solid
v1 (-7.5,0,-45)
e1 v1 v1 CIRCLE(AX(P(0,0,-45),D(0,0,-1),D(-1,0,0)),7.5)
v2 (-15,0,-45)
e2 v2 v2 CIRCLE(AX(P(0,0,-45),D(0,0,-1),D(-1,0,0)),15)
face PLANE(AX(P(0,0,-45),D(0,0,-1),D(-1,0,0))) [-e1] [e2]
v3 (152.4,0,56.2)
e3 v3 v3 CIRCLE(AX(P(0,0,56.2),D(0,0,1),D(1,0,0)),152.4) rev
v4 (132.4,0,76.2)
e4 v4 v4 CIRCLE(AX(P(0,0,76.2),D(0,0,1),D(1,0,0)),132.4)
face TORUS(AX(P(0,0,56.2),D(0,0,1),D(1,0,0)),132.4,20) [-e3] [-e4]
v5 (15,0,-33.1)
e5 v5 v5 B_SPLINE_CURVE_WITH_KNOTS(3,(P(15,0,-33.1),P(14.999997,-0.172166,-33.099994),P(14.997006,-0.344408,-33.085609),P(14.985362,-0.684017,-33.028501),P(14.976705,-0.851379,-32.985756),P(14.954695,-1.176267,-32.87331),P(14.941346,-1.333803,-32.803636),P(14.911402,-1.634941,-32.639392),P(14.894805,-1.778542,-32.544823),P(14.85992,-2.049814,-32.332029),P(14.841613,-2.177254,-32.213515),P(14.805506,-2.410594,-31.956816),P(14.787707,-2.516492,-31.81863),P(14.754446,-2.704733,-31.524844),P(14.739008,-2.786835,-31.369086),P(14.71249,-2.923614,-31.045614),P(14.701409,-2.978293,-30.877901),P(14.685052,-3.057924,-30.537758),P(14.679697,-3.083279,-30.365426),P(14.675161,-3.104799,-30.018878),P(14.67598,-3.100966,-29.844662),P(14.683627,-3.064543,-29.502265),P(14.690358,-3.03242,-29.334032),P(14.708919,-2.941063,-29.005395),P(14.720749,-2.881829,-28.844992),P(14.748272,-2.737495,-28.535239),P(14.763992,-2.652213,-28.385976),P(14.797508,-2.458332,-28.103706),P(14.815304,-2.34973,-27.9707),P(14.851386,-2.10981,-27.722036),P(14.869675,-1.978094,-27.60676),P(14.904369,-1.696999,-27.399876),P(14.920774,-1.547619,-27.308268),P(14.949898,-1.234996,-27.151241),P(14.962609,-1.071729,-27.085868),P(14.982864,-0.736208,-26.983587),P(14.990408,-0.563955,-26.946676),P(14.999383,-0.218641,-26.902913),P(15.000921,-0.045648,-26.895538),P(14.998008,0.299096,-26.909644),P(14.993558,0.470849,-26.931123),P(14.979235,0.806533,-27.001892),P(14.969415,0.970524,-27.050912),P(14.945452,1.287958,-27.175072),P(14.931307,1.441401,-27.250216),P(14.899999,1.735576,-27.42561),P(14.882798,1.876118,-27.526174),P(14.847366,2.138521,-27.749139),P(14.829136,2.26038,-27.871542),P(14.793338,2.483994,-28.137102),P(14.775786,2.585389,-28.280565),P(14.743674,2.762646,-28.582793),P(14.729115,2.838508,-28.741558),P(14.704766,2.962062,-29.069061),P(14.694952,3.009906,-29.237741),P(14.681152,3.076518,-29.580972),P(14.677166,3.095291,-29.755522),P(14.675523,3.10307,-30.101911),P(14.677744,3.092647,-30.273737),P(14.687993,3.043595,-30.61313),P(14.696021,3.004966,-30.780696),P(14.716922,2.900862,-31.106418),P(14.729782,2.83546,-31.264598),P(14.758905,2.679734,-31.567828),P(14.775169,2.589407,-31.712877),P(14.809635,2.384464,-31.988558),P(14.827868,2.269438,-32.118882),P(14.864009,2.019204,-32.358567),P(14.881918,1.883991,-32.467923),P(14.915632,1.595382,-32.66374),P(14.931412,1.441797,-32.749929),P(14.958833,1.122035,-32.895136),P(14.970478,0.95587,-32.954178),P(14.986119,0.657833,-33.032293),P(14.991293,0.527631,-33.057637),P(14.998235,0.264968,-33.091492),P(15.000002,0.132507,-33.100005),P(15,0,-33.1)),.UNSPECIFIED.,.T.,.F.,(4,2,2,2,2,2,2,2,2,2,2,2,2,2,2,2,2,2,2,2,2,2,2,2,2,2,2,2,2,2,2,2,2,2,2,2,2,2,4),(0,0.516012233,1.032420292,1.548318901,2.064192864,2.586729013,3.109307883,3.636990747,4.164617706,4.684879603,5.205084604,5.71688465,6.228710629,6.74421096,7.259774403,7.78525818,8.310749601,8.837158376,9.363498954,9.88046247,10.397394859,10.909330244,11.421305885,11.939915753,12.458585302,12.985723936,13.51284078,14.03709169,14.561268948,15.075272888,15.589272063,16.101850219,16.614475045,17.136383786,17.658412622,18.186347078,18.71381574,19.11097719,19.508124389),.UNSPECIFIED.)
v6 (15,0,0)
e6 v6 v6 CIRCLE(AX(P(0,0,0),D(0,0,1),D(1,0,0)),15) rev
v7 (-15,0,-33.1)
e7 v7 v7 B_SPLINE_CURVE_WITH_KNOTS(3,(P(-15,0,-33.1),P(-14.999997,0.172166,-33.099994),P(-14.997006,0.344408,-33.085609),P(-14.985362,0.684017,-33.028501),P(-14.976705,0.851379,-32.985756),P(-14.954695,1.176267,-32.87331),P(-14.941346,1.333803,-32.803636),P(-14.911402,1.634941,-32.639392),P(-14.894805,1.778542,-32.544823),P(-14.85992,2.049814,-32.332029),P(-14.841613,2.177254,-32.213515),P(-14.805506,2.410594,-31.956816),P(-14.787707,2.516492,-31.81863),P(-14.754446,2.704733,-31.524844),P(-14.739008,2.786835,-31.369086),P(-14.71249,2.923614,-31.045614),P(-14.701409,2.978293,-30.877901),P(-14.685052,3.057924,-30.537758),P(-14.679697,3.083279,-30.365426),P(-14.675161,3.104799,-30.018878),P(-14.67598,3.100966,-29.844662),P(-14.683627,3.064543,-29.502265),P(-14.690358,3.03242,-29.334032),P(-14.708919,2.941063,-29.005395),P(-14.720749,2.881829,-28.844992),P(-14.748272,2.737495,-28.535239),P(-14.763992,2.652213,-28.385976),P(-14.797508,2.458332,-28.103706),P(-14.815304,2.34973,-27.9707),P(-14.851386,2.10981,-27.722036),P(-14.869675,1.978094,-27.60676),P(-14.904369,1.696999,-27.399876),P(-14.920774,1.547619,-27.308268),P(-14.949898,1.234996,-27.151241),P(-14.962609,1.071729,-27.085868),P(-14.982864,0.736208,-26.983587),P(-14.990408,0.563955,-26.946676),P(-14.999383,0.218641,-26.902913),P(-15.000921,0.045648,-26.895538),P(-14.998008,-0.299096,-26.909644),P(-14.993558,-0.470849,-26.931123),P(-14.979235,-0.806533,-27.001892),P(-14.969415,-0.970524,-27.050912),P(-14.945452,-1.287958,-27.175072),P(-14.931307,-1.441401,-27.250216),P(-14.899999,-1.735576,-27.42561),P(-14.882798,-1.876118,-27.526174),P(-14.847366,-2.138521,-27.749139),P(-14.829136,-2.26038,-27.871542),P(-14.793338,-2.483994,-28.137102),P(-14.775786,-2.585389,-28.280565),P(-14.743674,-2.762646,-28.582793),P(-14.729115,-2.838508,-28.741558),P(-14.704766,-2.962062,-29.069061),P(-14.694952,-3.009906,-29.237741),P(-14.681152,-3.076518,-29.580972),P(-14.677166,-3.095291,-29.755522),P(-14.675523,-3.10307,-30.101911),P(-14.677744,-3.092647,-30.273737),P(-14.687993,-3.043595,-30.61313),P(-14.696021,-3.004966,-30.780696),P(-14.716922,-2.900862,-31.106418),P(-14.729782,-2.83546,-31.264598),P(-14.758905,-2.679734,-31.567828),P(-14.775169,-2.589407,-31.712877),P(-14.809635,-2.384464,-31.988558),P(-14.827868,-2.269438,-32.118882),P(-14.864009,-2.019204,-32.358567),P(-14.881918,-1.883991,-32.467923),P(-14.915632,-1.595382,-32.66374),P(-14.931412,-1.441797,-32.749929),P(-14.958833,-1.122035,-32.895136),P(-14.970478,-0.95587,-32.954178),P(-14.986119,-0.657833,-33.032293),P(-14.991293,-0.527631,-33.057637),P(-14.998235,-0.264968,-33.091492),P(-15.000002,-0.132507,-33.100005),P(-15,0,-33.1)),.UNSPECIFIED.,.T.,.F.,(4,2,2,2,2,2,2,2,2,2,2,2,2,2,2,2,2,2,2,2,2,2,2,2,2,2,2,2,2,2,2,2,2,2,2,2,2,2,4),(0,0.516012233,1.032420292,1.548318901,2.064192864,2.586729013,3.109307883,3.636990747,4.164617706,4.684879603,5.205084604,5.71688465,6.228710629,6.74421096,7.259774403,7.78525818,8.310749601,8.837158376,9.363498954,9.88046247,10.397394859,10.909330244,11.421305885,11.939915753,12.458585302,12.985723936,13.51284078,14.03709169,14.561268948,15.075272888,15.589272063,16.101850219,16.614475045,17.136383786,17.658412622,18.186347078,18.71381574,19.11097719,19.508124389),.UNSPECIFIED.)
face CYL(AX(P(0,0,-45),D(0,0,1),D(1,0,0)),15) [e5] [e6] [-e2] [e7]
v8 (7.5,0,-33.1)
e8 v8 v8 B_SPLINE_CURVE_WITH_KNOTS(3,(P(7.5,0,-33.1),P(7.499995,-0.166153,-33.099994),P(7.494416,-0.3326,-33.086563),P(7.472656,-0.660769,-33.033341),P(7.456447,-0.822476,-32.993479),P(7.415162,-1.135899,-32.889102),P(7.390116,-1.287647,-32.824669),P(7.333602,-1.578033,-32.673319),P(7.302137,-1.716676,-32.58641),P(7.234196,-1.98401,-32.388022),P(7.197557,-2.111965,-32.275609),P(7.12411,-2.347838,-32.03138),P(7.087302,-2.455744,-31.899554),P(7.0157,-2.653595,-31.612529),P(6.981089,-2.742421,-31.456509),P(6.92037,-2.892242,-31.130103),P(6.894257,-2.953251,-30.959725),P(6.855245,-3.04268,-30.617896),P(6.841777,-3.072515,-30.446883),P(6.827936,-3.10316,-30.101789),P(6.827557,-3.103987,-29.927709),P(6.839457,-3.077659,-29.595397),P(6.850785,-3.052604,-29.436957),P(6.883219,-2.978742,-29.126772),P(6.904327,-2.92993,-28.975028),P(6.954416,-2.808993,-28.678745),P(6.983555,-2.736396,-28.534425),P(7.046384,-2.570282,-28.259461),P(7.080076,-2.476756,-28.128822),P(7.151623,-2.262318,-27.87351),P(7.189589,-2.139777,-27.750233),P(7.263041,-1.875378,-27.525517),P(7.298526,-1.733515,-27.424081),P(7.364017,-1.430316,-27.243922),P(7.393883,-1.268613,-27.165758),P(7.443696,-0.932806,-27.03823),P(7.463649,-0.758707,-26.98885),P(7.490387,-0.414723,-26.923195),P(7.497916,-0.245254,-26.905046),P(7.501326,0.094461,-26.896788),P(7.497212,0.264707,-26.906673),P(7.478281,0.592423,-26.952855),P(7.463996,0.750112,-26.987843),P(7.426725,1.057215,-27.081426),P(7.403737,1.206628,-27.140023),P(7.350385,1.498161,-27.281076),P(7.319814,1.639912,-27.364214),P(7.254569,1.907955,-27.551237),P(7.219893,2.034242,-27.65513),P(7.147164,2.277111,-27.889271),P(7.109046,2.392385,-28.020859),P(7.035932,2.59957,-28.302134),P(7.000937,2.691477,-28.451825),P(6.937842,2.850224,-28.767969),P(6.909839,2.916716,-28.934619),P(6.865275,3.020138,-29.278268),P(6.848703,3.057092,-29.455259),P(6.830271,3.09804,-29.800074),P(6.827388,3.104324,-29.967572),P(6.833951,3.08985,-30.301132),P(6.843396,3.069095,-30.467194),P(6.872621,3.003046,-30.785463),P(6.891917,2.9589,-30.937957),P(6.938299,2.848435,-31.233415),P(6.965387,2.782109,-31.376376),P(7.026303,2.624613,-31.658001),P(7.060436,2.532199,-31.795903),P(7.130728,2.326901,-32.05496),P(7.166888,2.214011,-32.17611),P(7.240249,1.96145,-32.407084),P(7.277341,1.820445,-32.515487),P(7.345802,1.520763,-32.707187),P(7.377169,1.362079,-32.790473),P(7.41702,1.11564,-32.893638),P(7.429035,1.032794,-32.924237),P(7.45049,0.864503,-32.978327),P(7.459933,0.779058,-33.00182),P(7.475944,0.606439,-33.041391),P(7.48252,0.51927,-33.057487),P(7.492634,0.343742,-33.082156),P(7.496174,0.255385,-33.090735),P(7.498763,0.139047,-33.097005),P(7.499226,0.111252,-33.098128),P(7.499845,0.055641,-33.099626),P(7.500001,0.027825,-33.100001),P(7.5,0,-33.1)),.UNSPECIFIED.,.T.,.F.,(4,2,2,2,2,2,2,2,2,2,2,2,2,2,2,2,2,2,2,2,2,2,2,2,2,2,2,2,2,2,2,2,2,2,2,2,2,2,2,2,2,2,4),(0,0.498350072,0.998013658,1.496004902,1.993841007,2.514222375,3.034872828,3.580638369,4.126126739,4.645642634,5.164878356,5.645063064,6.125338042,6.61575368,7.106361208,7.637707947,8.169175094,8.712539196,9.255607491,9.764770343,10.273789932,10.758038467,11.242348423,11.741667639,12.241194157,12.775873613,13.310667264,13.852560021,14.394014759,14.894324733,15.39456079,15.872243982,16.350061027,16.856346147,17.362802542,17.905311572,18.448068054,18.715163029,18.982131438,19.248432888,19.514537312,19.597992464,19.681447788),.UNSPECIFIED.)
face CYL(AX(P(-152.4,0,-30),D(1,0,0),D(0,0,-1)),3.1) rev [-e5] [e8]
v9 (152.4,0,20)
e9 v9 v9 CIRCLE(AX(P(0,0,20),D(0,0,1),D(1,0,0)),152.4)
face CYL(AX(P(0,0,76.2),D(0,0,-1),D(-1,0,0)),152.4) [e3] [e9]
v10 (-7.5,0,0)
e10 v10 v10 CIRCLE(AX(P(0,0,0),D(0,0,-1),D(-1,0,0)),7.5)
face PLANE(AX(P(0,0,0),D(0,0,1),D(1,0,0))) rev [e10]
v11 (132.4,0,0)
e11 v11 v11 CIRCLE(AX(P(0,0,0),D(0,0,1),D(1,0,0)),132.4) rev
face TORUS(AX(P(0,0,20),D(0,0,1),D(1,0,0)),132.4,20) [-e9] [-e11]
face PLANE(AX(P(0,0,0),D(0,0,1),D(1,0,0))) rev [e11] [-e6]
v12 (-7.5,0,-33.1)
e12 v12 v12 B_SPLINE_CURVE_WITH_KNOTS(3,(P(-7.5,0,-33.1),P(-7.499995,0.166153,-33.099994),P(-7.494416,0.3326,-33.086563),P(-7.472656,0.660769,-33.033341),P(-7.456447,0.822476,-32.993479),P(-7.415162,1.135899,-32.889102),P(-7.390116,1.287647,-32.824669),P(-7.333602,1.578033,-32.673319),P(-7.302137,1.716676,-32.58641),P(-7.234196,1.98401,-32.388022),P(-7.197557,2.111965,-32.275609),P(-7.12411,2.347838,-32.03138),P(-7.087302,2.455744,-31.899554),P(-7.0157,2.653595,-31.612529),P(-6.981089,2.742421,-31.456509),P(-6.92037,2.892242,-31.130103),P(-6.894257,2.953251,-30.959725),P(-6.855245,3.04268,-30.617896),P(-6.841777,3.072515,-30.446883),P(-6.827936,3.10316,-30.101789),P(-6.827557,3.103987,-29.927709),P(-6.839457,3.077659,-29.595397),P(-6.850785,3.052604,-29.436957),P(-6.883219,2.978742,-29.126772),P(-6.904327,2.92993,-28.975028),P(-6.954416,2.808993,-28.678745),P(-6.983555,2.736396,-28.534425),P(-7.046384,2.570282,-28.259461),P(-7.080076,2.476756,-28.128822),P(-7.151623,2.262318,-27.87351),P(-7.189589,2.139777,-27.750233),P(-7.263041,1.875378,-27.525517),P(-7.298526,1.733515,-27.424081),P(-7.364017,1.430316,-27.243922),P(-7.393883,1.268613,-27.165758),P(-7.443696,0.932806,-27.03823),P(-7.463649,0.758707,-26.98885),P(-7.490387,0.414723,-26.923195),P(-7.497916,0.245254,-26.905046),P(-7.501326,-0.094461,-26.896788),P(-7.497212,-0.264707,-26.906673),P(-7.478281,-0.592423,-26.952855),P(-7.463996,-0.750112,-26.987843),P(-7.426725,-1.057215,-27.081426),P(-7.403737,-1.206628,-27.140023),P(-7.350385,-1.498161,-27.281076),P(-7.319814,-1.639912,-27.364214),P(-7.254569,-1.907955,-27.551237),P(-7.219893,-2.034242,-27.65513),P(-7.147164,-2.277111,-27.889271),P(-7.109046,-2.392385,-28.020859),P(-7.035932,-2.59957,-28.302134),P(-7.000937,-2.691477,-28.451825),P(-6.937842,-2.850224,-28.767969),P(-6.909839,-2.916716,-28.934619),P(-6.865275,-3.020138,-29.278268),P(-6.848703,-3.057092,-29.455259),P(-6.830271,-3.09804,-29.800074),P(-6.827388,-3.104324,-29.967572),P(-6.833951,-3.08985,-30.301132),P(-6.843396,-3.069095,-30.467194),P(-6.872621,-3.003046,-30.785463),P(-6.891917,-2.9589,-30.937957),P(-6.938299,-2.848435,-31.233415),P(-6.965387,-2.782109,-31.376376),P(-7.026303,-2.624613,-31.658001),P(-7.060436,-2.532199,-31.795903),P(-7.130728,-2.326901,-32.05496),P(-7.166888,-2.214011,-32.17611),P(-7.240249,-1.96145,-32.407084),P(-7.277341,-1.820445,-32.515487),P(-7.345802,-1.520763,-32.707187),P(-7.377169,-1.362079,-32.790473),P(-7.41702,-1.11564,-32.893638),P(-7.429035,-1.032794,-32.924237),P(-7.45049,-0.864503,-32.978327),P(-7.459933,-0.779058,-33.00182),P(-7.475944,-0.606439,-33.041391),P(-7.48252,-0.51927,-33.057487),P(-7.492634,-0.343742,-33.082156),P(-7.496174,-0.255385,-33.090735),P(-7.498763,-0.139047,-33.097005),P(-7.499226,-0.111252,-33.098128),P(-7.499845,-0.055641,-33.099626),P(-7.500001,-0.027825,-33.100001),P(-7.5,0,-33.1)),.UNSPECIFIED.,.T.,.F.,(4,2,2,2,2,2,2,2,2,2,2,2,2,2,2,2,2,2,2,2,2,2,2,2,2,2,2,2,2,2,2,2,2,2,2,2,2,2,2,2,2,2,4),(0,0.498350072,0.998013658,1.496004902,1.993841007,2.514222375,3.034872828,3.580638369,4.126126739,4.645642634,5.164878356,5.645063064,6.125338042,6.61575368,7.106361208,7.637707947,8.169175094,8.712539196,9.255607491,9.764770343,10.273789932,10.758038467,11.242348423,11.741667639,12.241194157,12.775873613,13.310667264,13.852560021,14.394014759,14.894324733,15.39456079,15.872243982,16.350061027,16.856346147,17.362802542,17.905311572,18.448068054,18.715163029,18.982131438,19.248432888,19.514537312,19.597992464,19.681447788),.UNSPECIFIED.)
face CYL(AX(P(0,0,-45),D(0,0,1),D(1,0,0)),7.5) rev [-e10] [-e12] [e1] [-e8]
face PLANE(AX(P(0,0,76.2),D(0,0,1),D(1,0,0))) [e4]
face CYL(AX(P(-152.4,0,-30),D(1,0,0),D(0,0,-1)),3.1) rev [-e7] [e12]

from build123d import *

# Parameters (mm, degrees)
SKETCH1_R               = 152.4
BOSS_EXTRUDE1_DEPTH     = 76.2
FILLET1_R               = 20
SKETCH2_R               = 15
SKETCH2_R_2             = 7.5
BOSS_EXTRUDE2_DEPTH     = 45
SKETCH4_R               = 3.1
CUT_EXTRUDE1_DEPTH      = 153.4
CUT_EXTRUDE1_DEPTH_BACK = 153.4


with BuildPart() as part:
    # Sketch1 → Boss-Extrude1 (new body)
    with BuildSketch(Plane.XY):
        Circle(SKETCH1_R)
    extrude(amount=BOSS_EXTRUDE1_DEPTH)

    # Fillet1
    fillet1_edges = [part.edges().sort_by_distance(p)[0] for p in [
        (-152.4, 0, 0),
        (-152.4, 0, 76.2),
    ]]
    fillet(fillet1_edges, radius=FILLET1_R)

    # Sketch2 → Boss-Extrude2 (add)
    with BuildSketch(Plane(origin=(0, 0, 0), x_dir=(-1, 0, 0), z_dir=(0, 0, -1))):
        Circle(SKETCH2_R)
        Circle(SKETCH2_R_2, mode=Mode.SUBTRACT)
    extrude(amount=BOSS_EXTRUDE2_DEPTH)

    # Sketch4 → Cut-Extrude1 (cut, two sides)
    with BuildSketch(Plane(origin=(0, 0, 0), x_dir=(0, 0, -1), z_dir=(1, 0, 0))) as cut_extrude1_sk:
        with Locations((30, 0)):
            Circle(SKETCH4_R)
    extrude(amount=CUT_EXTRUDE1_DEPTH, mode=Mode.SUBTRACT)
    extrude(cut_extrude1_sk.sketch, amount=-CUT_EXTRUDE1_DEPTH_BACK, mode=Mode.SUBTRACT)


solid = part.part
